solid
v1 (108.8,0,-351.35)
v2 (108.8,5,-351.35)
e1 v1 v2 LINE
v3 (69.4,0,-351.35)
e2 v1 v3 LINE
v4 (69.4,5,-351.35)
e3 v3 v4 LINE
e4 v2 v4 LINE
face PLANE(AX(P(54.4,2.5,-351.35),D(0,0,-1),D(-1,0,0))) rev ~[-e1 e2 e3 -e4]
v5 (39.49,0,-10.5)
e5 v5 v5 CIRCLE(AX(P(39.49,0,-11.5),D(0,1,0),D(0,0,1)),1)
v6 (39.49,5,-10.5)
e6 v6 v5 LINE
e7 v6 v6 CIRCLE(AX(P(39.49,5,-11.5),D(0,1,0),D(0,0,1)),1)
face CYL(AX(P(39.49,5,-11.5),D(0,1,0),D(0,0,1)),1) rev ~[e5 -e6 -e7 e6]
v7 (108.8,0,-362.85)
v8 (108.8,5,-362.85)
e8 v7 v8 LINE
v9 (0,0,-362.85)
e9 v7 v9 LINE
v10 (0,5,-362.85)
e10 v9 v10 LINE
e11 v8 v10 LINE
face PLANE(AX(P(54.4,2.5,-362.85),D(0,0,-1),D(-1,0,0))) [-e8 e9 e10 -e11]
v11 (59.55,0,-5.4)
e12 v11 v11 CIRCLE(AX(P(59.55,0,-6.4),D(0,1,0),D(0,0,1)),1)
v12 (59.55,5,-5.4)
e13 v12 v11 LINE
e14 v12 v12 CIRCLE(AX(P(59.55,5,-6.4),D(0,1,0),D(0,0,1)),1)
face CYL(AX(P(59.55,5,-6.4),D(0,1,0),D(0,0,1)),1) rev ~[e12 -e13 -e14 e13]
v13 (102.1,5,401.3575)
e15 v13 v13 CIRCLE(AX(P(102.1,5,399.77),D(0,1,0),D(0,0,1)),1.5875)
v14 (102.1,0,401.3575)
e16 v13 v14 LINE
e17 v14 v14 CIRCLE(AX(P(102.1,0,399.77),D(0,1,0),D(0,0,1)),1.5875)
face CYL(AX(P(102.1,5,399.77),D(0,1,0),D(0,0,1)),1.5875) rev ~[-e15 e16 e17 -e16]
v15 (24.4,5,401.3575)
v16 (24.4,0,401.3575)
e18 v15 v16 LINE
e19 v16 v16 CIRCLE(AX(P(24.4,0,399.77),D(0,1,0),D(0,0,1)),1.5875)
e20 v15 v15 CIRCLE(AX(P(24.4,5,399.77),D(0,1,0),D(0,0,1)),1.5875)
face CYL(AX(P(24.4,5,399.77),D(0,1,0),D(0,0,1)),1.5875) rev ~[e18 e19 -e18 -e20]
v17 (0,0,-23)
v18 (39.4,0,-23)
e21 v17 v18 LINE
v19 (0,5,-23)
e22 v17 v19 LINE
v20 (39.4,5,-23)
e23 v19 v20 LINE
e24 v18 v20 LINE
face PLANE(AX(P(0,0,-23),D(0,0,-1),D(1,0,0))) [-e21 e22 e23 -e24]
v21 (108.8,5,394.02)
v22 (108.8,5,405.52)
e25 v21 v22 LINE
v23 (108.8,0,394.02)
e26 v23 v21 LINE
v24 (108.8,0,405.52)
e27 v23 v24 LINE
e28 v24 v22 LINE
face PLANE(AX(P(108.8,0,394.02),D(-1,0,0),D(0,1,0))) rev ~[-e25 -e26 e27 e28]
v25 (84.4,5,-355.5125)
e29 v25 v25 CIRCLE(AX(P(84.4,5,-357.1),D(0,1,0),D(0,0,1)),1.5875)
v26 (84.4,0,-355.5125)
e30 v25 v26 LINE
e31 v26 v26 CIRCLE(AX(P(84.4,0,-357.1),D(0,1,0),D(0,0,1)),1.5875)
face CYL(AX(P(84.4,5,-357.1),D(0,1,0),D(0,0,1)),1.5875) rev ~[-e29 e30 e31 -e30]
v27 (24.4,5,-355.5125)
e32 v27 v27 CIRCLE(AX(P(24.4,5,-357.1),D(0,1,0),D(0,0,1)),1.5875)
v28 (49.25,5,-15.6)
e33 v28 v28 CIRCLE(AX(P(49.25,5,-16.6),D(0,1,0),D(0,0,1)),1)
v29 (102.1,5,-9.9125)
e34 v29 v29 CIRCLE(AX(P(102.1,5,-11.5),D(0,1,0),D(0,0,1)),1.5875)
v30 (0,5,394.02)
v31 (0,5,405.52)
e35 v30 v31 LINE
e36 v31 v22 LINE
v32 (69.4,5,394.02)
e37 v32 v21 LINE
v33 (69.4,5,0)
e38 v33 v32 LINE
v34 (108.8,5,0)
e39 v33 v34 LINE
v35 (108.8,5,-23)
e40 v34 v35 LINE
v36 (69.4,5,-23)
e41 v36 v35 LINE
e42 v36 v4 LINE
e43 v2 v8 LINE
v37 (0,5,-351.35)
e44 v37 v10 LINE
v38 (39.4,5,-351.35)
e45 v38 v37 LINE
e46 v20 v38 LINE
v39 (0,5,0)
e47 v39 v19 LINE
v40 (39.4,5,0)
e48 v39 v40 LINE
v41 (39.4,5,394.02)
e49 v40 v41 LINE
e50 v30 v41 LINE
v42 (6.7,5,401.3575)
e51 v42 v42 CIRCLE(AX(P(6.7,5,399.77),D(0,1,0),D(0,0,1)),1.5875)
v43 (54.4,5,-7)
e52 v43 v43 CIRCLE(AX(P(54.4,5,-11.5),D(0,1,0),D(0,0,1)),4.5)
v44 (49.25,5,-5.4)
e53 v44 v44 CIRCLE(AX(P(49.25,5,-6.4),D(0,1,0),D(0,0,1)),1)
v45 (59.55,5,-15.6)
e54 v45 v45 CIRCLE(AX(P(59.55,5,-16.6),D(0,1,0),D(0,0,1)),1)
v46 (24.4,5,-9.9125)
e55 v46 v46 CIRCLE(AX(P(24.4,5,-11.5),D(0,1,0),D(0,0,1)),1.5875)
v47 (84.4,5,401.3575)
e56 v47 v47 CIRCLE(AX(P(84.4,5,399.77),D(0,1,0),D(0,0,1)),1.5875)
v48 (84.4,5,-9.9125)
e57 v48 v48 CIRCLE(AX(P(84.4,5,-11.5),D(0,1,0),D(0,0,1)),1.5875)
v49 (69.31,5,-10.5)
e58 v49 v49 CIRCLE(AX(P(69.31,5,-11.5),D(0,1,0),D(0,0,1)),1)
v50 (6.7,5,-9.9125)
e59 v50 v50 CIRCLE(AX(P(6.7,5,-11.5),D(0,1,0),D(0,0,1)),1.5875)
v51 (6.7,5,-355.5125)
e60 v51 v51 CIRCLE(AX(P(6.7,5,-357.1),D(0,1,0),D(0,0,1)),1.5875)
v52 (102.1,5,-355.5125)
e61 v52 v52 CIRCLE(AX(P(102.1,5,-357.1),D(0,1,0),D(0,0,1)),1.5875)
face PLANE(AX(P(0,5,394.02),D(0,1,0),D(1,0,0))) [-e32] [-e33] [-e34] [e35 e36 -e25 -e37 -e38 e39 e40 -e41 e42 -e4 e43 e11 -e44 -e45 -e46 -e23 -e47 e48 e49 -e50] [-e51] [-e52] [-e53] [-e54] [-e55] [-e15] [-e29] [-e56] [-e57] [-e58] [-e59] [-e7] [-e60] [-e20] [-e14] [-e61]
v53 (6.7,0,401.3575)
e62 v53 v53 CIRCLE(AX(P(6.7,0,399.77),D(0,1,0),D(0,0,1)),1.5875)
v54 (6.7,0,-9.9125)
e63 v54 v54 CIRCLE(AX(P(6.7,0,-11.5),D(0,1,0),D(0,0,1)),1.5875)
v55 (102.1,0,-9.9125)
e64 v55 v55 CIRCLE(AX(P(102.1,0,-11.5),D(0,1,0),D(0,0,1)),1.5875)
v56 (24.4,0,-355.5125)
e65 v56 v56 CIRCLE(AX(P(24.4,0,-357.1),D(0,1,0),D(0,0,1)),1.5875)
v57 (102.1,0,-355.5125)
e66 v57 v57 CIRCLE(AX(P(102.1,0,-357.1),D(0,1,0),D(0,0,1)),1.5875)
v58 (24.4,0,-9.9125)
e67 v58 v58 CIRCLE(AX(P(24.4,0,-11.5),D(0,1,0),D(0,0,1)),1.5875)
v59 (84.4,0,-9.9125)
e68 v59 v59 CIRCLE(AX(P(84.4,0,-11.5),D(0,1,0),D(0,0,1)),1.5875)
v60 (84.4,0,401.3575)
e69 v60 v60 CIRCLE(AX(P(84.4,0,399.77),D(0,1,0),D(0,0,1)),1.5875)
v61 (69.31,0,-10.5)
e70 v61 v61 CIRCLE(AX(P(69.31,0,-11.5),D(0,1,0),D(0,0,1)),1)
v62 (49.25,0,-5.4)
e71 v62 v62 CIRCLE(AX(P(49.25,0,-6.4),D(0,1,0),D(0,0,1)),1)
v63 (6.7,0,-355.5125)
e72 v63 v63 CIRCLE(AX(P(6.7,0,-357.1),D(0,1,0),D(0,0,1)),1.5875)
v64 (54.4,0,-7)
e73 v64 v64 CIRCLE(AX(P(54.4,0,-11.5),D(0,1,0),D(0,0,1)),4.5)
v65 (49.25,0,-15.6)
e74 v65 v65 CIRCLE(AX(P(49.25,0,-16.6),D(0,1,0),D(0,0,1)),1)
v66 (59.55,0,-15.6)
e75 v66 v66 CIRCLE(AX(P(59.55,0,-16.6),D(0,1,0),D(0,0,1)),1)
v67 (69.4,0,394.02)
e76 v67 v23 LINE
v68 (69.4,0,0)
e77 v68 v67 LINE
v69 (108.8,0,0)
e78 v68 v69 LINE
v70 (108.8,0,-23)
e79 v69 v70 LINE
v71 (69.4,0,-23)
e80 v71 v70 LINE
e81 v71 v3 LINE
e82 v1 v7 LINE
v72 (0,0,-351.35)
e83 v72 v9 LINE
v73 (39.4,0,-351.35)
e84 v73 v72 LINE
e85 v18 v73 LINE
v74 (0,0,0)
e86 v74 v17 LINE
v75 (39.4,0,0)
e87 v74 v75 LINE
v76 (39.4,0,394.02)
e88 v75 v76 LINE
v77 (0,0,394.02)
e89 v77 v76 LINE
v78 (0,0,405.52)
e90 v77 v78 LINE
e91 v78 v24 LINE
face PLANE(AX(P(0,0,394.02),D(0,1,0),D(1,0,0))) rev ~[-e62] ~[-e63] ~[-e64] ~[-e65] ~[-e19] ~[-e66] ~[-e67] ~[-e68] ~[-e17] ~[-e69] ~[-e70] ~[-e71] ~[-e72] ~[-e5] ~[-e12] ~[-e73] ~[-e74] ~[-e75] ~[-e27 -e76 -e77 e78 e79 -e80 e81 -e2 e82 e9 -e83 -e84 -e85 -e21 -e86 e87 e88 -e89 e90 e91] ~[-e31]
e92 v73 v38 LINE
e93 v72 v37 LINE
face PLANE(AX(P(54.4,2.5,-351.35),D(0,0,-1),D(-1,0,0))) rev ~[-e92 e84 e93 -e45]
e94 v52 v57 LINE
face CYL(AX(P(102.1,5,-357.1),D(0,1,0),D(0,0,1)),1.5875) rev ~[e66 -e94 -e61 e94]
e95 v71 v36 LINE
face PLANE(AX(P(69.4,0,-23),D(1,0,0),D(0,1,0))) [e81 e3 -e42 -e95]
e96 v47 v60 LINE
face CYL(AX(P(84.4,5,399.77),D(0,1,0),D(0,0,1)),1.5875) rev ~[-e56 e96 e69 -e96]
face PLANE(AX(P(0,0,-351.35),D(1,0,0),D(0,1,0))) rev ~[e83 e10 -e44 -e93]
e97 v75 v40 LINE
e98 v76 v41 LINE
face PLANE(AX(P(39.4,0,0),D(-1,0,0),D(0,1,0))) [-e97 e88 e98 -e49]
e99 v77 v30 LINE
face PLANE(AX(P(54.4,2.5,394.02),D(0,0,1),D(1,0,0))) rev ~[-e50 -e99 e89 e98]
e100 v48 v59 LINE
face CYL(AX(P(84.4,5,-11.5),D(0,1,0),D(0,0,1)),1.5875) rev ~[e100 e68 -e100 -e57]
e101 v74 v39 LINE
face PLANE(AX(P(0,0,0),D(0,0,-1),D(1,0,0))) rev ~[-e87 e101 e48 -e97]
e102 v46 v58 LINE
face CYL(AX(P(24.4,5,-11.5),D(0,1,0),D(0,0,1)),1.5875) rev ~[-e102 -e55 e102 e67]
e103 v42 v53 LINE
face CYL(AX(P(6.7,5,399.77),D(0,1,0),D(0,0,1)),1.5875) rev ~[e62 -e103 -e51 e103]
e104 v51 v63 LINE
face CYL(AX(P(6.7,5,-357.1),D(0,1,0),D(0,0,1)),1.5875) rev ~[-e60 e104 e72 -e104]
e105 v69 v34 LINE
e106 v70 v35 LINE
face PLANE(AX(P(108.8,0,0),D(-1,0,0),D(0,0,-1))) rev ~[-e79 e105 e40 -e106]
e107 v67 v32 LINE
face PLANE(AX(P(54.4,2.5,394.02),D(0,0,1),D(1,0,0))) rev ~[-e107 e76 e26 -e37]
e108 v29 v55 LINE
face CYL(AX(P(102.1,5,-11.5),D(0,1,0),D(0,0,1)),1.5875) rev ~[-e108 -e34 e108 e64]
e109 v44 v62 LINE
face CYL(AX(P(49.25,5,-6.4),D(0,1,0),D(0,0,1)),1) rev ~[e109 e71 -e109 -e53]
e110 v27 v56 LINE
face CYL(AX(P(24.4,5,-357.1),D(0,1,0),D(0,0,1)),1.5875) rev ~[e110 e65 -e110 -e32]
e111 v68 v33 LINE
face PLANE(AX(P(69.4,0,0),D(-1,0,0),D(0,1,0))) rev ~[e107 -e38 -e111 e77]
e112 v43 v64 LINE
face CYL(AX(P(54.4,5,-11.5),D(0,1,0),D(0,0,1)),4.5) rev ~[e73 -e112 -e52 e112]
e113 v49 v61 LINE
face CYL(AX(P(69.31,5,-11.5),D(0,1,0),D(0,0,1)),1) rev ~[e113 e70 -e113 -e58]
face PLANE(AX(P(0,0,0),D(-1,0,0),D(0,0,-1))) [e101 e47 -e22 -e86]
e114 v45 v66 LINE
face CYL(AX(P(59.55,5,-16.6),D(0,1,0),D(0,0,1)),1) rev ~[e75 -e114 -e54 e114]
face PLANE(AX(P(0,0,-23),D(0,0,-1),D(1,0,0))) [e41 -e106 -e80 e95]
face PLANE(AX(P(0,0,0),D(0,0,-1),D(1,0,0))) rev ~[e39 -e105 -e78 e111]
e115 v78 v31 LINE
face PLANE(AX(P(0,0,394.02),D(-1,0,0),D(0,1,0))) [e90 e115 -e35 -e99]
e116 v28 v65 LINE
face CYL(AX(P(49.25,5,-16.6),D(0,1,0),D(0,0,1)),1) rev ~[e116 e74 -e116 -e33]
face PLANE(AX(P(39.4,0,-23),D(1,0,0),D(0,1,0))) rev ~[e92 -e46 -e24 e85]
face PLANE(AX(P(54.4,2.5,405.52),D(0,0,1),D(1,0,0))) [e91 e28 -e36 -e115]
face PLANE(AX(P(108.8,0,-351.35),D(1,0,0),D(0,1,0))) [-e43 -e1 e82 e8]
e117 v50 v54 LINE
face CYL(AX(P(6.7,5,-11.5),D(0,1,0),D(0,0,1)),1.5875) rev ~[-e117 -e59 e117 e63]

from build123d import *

# Parameters (mm, degrees)
SKETCH1_W                 = 108.8
SKETCH1_H                 = 23
MOUNT_BASE_DEPTH          = 5
SKETCH2_R                 = 1
SKETCH2_R_2               = 4.5
BRACKET_SCREW_HOLES_DEPTH = 5
SKETCH3_R                 = 1.5875
ANTENNA_SCREW_HOLES_DEPTH = 5
SKETCH6_W                 = 30
SKETCH6_H                 = 5
DIRECTOR_EXTENSION_DEPTH  = 328.35
SKETCH7_W                 = 108.8
SKETCH7_H                 = 5
DIRECTOR_MOUNT_DEPTH      = 11.5
SKETCH10_W                = 30
SKETCH10_H                = 5
REFLECTOR_EXTENSION_DEPTH = 394.02
SKETCH11_W                = 108.8
SKETCH11_H                = 5
REFLECTOR_MOUNT_DEPTH     = 11.5
LPATTERN1_COUNT           = 2
LPATTERN1_PITCH           = 411.27
LPATTERN1_COL_COUNT       = 2
LPATTERN1_COL_PITCH       = 345.6


with BuildPart() as part:
    # Sketch1 → Mount Base (new body)
    with BuildSketch(Plane(origin=(0, 0, 0), x_dir=(1, 0, 0), z_dir=(0, 1, 0))):
        with Locations((54.4, 11.5)):
            Rectangle(SKETCH1_W, SKETCH1_H)
    extrude(amount=MOUNT_BASE_DEPTH)

    # Sketch2 → Bracket Screw Holes (cut)
    with BuildSketch(Plane(origin=(0, 5, 0), x_dir=(1, 0, 0), z_dir=(0, 1, 0))):
        with Locations(Location((59.55, 16.6, 0), (0, 0, 270))):
            Circle(SKETCH2_R)
        with Locations(Location((59.55, 6.4, 0), (0, 0, 270))):
            Circle(SKETCH2_R)
        with Locations(Location((49.25, 6.4, 0), (0, 0, 270))):
            Circle(SKETCH2_R)
        with Locations(Location((49.25, 16.6, 0), (0, 0, 270))):
            Circle(SKETCH2_R)
        with Locations(Location((69.31, 11.5, 0), (0, 0, 270))):
            Circle(SKETCH2_R)
        with Locations(Location((39.49, 11.5, 0), (0, 0, 270))):
            Circle(SKETCH2_R)
        with Locations(Location((54.4, 11.5, 0), (0, 0, 270))):
            Circle(SKETCH2_R_2)
    extrude(amount=-BRACKET_SCREW_HOLES_DEPTH, mode=Mode.SUBTRACT)

    # Sketch3 → Antenna Screw Holes (cut)
    with BuildSketch(Plane(origin=(0, 5, 0), x_dir=(1, 0, 0), z_dir=(0, 1, 0))):
        with Locations(Location((6.7, 11.5, 0), (0, 0, 270))):
            Circle(SKETCH3_R)
        with Locations(Location((24.4, 11.5, 0), (0, 0, 270))):
            Circle(SKETCH3_R)
        with Locations(Location((84.4, 11.5, 0), (0, 0, 270))):
            Circle(SKETCH3_R)
        with Locations(Location((102.1, 11.5, 0), (0, 0, 270))):
            Circle(SKETCH3_R)
    antenna_screw_holes = extrude(amount=-ANTENNA_SCREW_HOLES_DEPTH, mode=Mode.SUBTRACT)

    # Sketch6 → Director Extension (add)
    with BuildSketch(Plane(origin=(0, 0, -23), x_dir=(-1, 0, 0), z_dir=(0, 0, -1))):
        with Locations((-54.4, 2.5)):
            Rectangle(SKETCH6_W, SKETCH6_H)
    extrude(amount=DIRECTOR_EXTENSION_DEPTH)

    # Sketch7 → Director Mount (add)
    with BuildSketch(Plane(origin=(0, 0, -351.35), x_dir=(-1, 0, 0), z_dir=(0, 0, -1))):
        with Locations((-54.4, 2.5)):
            Rectangle(SKETCH7_W, SKETCH7_H)
    extrude(amount=DIRECTOR_MOUNT_DEPTH)

    # Sketch10 → Reflector Extension (add)
    with BuildSketch(Plane.XY):
        with Locations((54.4, 2.5)):
            Rectangle(SKETCH10_W, SKETCH10_H)
    extrude(amount=REFLECTOR_EXTENSION_DEPTH)

    # Sketch11 → Reflector Mount (add)
    with BuildSketch(Plane.XY.offset(394.02)):
        with Locations((54.4, 2.5)):
            Rectangle(SKETCH11_W, SKETCH11_H)
    extrude(amount=REFLECTOR_MOUNT_DEPTH)

    # LPattern1: Antenna Screw Holes ×2
    with Locations(*[(0, 0, i * LPATTERN1_PITCH) for i in range(1, LPATTERN1_COUNT)]):
        add(antenna_screw_holes, mode=Mode.SUBTRACT)

    # LPattern1 col: Antenna Screw Holes ×2
    with Locations(*[(0, 0, -i * LPATTERN1_COL_PITCH) for i in range(1, LPATTERN1_COL_COUNT)]):
        add(antenna_screw_holes, mode=Mode.SUBTRACT)


solid = part.part
